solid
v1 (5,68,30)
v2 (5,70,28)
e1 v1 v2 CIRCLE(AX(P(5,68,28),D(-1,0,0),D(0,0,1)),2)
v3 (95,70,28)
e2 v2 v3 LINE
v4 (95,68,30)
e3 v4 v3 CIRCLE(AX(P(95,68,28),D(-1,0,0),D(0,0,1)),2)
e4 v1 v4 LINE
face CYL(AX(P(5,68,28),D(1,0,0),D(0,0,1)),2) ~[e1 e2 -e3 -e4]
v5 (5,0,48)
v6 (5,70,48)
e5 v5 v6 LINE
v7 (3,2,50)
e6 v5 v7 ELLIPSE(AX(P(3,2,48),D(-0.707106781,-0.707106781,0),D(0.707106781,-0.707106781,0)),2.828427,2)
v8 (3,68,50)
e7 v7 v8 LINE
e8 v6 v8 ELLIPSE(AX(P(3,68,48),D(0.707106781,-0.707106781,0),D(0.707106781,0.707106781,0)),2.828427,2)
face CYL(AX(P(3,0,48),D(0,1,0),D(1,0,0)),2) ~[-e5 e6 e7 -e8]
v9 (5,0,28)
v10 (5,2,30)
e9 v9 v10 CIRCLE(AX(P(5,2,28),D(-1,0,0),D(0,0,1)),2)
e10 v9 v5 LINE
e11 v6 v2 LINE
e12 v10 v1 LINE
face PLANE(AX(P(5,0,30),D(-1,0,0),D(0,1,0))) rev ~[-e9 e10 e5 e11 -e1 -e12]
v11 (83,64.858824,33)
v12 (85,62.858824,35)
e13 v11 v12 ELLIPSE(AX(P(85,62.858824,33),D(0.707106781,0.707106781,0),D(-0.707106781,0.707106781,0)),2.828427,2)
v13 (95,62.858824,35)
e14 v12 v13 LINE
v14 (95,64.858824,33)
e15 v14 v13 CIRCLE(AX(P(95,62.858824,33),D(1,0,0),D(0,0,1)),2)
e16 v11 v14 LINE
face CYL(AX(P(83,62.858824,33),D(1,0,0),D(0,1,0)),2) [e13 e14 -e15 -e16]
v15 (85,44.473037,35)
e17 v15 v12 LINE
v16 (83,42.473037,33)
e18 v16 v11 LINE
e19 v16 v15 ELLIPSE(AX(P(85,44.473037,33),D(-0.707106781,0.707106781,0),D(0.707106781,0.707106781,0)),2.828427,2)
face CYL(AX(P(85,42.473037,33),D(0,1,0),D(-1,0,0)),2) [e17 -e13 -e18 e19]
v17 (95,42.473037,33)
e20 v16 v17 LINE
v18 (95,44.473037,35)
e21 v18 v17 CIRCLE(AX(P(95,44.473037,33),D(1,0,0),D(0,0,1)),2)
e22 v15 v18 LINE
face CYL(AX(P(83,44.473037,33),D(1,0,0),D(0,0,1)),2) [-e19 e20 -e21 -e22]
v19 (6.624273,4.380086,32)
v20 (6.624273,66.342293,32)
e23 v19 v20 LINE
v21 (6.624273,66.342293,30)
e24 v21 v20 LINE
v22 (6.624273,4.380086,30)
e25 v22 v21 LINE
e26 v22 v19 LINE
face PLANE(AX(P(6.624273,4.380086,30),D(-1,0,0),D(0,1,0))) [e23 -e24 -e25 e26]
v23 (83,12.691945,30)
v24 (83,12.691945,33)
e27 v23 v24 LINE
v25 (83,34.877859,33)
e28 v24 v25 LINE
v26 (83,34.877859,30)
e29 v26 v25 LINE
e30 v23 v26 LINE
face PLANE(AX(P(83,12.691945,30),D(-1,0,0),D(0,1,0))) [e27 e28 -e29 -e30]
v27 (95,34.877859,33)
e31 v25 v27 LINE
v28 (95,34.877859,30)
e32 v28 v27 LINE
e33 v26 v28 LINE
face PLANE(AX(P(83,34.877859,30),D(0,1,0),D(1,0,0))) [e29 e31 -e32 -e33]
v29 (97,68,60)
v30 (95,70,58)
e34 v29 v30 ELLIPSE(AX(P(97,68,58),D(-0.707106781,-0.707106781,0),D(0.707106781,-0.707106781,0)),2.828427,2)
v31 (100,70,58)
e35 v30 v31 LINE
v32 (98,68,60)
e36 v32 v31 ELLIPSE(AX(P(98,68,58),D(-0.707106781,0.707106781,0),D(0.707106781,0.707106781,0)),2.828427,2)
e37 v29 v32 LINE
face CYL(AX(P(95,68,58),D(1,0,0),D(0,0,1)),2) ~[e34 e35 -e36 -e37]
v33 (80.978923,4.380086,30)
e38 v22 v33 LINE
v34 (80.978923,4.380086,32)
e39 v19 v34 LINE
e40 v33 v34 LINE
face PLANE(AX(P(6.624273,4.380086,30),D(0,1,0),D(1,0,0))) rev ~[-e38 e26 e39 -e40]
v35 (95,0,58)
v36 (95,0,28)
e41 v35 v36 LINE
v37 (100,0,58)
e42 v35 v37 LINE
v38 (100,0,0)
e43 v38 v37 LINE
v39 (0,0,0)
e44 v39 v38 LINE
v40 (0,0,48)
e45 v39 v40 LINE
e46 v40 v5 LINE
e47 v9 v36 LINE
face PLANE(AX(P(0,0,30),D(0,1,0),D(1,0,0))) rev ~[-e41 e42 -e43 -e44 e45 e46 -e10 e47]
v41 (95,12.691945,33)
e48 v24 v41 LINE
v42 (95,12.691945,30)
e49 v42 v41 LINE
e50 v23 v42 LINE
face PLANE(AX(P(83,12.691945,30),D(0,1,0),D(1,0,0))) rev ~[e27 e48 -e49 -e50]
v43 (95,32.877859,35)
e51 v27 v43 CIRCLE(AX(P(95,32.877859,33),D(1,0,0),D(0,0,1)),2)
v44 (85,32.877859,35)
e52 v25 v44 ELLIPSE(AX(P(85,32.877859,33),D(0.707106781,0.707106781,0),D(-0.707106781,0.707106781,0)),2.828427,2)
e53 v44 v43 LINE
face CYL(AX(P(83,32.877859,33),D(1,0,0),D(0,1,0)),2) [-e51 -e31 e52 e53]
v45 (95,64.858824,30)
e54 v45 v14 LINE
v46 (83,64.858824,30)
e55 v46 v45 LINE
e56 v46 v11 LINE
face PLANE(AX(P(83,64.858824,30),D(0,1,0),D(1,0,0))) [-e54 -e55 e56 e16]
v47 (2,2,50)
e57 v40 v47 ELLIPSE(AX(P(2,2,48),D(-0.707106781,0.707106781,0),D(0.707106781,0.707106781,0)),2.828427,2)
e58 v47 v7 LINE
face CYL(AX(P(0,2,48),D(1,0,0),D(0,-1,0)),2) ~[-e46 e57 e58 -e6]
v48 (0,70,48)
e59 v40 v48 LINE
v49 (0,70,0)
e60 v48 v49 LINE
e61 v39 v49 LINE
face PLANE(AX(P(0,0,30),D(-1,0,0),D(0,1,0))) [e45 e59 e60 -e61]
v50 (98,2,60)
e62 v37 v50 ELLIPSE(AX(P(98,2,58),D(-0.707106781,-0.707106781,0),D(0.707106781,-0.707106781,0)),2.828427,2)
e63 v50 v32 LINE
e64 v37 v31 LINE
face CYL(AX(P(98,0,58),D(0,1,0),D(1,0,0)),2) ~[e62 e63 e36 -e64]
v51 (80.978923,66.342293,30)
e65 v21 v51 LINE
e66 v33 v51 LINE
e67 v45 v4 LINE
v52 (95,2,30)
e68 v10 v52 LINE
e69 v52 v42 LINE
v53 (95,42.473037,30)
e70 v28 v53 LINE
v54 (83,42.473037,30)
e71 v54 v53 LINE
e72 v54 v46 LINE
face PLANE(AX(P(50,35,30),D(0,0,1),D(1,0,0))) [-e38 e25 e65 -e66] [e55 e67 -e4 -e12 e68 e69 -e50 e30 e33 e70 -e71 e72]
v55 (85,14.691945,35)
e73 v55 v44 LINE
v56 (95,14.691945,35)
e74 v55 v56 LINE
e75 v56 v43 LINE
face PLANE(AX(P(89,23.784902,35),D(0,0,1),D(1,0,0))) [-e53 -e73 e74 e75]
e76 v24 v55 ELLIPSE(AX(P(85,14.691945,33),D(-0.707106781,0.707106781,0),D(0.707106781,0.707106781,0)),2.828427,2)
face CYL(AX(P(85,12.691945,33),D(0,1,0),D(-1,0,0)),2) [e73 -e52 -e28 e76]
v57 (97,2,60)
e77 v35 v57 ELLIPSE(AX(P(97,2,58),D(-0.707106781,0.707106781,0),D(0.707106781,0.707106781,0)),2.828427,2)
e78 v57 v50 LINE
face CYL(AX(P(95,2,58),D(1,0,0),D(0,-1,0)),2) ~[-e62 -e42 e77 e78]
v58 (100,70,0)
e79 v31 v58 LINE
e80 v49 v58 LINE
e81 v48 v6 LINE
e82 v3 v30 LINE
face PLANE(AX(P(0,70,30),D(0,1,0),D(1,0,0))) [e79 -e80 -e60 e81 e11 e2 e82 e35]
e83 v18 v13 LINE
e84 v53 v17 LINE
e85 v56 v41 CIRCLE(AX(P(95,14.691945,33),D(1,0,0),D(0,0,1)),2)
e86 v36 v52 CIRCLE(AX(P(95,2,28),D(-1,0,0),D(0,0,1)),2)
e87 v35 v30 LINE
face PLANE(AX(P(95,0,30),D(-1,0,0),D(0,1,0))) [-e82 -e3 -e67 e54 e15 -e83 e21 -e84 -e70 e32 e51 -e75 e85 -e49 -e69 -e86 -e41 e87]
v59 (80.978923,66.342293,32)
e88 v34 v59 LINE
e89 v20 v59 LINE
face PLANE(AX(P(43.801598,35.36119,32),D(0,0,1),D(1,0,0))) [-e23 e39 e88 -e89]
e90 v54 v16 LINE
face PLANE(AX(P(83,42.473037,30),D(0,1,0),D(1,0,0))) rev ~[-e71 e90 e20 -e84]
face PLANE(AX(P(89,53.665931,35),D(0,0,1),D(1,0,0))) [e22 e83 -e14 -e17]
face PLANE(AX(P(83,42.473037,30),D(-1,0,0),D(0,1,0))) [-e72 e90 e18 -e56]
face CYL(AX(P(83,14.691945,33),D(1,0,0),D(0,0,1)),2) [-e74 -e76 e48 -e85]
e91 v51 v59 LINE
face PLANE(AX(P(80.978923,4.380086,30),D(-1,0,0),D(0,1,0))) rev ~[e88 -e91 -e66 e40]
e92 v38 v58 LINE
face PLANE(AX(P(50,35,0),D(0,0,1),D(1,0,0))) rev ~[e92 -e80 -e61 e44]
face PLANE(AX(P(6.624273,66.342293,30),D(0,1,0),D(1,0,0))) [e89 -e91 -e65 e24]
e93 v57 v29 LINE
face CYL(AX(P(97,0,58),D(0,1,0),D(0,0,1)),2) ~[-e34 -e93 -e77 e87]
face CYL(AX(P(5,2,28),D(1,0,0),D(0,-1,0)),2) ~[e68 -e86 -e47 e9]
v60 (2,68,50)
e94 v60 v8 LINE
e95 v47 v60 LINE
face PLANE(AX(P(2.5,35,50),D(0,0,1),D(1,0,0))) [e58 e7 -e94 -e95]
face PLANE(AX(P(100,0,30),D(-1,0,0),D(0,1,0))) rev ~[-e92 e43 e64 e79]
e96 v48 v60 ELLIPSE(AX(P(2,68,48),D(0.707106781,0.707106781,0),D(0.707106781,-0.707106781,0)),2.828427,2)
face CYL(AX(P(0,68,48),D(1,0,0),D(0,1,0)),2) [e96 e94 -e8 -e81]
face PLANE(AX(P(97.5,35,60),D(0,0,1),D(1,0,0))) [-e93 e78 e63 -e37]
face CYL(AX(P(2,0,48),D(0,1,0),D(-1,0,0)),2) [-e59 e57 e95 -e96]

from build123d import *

# Parameters (mm, degrees)
F0_W      = 100
F0_H      = 70
F1_DEPTH  = 30
F2_W      = 5
F2_H      = 70
F3_DEPTH  = 30
F4_W      = 12
F4_H      = 22.185914
F4_H_2    = 22.385787
F5_DEPTH  = 5
F6_W      = 5
F6_H      = 70
F7_DEPTH  = 20
F8_R      = 2
F9_W      = 74.35465
F9_H      = 61.962207
F10_DEPTH = 2


with BuildPart() as f1:
    # F0 (on Top) → F1 (new body)
    with BuildSketch(Plane.XY):
        with Locations((50, 35)):
            Rectangle(F0_W, F0_H)
    extrude(amount=F1_DEPTH)

    # F2 (on face) → F3 (join)
    with BuildSketch(Plane.XY.offset(30)):
        with Locations((97.5, 35)):
            Rectangle(F2_W, F2_H)
    extrude(amount=F3_DEPTH)

    # F4 (on face) → F5 (join)
    with BuildSketch(Plane.XY.offset(30)):
        with Locations((89, 23.784902)):
            Rectangle(F4_W, F4_H)
        with Locations((89, 53.665931)):
            Rectangle(F4_W, F4_H_2)
    extrude(amount=F5_DEPTH)

    # F6 (on face) → F7 (join)
    with BuildSketch(Plane.XY.offset(30)):
        with Locations((2.5, 35)):
            Rectangle(F6_W, F6_H)
    extrude(amount=F7_DEPTH)

    # F8
    f8_edges = [f1.edges().sort_by_distance(p)[0] for p in [
        (83, 23.784902, 35),
        (89, 12.691945, 35),
        (89, 34.877859, 35),
        (83, 53.66593, 35),
        (89, 42.473037, 35),
        (89, 64.858824, 35),
        (50, 0, 30),
        (50, 70, 30),
        (2.5, 0, 50),
        (2.5, 70, 50),
        (97.5, 0, 60),
        (97.5, 70, 60),
        (95, 35, 60),
        (100, 35, 60),
        (5, 35, 50),
        (0, 35, 50),
    ]]
    fillet(f8_edges, radius=F8_R)

    # F9 (on face) → F10 (join)
    with BuildSketch(Plane.XY.offset(30)):
        with Locations((43.801598, 35.36119)):
            Rectangle(F9_W, F9_H)
    extrude(amount=F10_DEPTH)


solid = f1.part
